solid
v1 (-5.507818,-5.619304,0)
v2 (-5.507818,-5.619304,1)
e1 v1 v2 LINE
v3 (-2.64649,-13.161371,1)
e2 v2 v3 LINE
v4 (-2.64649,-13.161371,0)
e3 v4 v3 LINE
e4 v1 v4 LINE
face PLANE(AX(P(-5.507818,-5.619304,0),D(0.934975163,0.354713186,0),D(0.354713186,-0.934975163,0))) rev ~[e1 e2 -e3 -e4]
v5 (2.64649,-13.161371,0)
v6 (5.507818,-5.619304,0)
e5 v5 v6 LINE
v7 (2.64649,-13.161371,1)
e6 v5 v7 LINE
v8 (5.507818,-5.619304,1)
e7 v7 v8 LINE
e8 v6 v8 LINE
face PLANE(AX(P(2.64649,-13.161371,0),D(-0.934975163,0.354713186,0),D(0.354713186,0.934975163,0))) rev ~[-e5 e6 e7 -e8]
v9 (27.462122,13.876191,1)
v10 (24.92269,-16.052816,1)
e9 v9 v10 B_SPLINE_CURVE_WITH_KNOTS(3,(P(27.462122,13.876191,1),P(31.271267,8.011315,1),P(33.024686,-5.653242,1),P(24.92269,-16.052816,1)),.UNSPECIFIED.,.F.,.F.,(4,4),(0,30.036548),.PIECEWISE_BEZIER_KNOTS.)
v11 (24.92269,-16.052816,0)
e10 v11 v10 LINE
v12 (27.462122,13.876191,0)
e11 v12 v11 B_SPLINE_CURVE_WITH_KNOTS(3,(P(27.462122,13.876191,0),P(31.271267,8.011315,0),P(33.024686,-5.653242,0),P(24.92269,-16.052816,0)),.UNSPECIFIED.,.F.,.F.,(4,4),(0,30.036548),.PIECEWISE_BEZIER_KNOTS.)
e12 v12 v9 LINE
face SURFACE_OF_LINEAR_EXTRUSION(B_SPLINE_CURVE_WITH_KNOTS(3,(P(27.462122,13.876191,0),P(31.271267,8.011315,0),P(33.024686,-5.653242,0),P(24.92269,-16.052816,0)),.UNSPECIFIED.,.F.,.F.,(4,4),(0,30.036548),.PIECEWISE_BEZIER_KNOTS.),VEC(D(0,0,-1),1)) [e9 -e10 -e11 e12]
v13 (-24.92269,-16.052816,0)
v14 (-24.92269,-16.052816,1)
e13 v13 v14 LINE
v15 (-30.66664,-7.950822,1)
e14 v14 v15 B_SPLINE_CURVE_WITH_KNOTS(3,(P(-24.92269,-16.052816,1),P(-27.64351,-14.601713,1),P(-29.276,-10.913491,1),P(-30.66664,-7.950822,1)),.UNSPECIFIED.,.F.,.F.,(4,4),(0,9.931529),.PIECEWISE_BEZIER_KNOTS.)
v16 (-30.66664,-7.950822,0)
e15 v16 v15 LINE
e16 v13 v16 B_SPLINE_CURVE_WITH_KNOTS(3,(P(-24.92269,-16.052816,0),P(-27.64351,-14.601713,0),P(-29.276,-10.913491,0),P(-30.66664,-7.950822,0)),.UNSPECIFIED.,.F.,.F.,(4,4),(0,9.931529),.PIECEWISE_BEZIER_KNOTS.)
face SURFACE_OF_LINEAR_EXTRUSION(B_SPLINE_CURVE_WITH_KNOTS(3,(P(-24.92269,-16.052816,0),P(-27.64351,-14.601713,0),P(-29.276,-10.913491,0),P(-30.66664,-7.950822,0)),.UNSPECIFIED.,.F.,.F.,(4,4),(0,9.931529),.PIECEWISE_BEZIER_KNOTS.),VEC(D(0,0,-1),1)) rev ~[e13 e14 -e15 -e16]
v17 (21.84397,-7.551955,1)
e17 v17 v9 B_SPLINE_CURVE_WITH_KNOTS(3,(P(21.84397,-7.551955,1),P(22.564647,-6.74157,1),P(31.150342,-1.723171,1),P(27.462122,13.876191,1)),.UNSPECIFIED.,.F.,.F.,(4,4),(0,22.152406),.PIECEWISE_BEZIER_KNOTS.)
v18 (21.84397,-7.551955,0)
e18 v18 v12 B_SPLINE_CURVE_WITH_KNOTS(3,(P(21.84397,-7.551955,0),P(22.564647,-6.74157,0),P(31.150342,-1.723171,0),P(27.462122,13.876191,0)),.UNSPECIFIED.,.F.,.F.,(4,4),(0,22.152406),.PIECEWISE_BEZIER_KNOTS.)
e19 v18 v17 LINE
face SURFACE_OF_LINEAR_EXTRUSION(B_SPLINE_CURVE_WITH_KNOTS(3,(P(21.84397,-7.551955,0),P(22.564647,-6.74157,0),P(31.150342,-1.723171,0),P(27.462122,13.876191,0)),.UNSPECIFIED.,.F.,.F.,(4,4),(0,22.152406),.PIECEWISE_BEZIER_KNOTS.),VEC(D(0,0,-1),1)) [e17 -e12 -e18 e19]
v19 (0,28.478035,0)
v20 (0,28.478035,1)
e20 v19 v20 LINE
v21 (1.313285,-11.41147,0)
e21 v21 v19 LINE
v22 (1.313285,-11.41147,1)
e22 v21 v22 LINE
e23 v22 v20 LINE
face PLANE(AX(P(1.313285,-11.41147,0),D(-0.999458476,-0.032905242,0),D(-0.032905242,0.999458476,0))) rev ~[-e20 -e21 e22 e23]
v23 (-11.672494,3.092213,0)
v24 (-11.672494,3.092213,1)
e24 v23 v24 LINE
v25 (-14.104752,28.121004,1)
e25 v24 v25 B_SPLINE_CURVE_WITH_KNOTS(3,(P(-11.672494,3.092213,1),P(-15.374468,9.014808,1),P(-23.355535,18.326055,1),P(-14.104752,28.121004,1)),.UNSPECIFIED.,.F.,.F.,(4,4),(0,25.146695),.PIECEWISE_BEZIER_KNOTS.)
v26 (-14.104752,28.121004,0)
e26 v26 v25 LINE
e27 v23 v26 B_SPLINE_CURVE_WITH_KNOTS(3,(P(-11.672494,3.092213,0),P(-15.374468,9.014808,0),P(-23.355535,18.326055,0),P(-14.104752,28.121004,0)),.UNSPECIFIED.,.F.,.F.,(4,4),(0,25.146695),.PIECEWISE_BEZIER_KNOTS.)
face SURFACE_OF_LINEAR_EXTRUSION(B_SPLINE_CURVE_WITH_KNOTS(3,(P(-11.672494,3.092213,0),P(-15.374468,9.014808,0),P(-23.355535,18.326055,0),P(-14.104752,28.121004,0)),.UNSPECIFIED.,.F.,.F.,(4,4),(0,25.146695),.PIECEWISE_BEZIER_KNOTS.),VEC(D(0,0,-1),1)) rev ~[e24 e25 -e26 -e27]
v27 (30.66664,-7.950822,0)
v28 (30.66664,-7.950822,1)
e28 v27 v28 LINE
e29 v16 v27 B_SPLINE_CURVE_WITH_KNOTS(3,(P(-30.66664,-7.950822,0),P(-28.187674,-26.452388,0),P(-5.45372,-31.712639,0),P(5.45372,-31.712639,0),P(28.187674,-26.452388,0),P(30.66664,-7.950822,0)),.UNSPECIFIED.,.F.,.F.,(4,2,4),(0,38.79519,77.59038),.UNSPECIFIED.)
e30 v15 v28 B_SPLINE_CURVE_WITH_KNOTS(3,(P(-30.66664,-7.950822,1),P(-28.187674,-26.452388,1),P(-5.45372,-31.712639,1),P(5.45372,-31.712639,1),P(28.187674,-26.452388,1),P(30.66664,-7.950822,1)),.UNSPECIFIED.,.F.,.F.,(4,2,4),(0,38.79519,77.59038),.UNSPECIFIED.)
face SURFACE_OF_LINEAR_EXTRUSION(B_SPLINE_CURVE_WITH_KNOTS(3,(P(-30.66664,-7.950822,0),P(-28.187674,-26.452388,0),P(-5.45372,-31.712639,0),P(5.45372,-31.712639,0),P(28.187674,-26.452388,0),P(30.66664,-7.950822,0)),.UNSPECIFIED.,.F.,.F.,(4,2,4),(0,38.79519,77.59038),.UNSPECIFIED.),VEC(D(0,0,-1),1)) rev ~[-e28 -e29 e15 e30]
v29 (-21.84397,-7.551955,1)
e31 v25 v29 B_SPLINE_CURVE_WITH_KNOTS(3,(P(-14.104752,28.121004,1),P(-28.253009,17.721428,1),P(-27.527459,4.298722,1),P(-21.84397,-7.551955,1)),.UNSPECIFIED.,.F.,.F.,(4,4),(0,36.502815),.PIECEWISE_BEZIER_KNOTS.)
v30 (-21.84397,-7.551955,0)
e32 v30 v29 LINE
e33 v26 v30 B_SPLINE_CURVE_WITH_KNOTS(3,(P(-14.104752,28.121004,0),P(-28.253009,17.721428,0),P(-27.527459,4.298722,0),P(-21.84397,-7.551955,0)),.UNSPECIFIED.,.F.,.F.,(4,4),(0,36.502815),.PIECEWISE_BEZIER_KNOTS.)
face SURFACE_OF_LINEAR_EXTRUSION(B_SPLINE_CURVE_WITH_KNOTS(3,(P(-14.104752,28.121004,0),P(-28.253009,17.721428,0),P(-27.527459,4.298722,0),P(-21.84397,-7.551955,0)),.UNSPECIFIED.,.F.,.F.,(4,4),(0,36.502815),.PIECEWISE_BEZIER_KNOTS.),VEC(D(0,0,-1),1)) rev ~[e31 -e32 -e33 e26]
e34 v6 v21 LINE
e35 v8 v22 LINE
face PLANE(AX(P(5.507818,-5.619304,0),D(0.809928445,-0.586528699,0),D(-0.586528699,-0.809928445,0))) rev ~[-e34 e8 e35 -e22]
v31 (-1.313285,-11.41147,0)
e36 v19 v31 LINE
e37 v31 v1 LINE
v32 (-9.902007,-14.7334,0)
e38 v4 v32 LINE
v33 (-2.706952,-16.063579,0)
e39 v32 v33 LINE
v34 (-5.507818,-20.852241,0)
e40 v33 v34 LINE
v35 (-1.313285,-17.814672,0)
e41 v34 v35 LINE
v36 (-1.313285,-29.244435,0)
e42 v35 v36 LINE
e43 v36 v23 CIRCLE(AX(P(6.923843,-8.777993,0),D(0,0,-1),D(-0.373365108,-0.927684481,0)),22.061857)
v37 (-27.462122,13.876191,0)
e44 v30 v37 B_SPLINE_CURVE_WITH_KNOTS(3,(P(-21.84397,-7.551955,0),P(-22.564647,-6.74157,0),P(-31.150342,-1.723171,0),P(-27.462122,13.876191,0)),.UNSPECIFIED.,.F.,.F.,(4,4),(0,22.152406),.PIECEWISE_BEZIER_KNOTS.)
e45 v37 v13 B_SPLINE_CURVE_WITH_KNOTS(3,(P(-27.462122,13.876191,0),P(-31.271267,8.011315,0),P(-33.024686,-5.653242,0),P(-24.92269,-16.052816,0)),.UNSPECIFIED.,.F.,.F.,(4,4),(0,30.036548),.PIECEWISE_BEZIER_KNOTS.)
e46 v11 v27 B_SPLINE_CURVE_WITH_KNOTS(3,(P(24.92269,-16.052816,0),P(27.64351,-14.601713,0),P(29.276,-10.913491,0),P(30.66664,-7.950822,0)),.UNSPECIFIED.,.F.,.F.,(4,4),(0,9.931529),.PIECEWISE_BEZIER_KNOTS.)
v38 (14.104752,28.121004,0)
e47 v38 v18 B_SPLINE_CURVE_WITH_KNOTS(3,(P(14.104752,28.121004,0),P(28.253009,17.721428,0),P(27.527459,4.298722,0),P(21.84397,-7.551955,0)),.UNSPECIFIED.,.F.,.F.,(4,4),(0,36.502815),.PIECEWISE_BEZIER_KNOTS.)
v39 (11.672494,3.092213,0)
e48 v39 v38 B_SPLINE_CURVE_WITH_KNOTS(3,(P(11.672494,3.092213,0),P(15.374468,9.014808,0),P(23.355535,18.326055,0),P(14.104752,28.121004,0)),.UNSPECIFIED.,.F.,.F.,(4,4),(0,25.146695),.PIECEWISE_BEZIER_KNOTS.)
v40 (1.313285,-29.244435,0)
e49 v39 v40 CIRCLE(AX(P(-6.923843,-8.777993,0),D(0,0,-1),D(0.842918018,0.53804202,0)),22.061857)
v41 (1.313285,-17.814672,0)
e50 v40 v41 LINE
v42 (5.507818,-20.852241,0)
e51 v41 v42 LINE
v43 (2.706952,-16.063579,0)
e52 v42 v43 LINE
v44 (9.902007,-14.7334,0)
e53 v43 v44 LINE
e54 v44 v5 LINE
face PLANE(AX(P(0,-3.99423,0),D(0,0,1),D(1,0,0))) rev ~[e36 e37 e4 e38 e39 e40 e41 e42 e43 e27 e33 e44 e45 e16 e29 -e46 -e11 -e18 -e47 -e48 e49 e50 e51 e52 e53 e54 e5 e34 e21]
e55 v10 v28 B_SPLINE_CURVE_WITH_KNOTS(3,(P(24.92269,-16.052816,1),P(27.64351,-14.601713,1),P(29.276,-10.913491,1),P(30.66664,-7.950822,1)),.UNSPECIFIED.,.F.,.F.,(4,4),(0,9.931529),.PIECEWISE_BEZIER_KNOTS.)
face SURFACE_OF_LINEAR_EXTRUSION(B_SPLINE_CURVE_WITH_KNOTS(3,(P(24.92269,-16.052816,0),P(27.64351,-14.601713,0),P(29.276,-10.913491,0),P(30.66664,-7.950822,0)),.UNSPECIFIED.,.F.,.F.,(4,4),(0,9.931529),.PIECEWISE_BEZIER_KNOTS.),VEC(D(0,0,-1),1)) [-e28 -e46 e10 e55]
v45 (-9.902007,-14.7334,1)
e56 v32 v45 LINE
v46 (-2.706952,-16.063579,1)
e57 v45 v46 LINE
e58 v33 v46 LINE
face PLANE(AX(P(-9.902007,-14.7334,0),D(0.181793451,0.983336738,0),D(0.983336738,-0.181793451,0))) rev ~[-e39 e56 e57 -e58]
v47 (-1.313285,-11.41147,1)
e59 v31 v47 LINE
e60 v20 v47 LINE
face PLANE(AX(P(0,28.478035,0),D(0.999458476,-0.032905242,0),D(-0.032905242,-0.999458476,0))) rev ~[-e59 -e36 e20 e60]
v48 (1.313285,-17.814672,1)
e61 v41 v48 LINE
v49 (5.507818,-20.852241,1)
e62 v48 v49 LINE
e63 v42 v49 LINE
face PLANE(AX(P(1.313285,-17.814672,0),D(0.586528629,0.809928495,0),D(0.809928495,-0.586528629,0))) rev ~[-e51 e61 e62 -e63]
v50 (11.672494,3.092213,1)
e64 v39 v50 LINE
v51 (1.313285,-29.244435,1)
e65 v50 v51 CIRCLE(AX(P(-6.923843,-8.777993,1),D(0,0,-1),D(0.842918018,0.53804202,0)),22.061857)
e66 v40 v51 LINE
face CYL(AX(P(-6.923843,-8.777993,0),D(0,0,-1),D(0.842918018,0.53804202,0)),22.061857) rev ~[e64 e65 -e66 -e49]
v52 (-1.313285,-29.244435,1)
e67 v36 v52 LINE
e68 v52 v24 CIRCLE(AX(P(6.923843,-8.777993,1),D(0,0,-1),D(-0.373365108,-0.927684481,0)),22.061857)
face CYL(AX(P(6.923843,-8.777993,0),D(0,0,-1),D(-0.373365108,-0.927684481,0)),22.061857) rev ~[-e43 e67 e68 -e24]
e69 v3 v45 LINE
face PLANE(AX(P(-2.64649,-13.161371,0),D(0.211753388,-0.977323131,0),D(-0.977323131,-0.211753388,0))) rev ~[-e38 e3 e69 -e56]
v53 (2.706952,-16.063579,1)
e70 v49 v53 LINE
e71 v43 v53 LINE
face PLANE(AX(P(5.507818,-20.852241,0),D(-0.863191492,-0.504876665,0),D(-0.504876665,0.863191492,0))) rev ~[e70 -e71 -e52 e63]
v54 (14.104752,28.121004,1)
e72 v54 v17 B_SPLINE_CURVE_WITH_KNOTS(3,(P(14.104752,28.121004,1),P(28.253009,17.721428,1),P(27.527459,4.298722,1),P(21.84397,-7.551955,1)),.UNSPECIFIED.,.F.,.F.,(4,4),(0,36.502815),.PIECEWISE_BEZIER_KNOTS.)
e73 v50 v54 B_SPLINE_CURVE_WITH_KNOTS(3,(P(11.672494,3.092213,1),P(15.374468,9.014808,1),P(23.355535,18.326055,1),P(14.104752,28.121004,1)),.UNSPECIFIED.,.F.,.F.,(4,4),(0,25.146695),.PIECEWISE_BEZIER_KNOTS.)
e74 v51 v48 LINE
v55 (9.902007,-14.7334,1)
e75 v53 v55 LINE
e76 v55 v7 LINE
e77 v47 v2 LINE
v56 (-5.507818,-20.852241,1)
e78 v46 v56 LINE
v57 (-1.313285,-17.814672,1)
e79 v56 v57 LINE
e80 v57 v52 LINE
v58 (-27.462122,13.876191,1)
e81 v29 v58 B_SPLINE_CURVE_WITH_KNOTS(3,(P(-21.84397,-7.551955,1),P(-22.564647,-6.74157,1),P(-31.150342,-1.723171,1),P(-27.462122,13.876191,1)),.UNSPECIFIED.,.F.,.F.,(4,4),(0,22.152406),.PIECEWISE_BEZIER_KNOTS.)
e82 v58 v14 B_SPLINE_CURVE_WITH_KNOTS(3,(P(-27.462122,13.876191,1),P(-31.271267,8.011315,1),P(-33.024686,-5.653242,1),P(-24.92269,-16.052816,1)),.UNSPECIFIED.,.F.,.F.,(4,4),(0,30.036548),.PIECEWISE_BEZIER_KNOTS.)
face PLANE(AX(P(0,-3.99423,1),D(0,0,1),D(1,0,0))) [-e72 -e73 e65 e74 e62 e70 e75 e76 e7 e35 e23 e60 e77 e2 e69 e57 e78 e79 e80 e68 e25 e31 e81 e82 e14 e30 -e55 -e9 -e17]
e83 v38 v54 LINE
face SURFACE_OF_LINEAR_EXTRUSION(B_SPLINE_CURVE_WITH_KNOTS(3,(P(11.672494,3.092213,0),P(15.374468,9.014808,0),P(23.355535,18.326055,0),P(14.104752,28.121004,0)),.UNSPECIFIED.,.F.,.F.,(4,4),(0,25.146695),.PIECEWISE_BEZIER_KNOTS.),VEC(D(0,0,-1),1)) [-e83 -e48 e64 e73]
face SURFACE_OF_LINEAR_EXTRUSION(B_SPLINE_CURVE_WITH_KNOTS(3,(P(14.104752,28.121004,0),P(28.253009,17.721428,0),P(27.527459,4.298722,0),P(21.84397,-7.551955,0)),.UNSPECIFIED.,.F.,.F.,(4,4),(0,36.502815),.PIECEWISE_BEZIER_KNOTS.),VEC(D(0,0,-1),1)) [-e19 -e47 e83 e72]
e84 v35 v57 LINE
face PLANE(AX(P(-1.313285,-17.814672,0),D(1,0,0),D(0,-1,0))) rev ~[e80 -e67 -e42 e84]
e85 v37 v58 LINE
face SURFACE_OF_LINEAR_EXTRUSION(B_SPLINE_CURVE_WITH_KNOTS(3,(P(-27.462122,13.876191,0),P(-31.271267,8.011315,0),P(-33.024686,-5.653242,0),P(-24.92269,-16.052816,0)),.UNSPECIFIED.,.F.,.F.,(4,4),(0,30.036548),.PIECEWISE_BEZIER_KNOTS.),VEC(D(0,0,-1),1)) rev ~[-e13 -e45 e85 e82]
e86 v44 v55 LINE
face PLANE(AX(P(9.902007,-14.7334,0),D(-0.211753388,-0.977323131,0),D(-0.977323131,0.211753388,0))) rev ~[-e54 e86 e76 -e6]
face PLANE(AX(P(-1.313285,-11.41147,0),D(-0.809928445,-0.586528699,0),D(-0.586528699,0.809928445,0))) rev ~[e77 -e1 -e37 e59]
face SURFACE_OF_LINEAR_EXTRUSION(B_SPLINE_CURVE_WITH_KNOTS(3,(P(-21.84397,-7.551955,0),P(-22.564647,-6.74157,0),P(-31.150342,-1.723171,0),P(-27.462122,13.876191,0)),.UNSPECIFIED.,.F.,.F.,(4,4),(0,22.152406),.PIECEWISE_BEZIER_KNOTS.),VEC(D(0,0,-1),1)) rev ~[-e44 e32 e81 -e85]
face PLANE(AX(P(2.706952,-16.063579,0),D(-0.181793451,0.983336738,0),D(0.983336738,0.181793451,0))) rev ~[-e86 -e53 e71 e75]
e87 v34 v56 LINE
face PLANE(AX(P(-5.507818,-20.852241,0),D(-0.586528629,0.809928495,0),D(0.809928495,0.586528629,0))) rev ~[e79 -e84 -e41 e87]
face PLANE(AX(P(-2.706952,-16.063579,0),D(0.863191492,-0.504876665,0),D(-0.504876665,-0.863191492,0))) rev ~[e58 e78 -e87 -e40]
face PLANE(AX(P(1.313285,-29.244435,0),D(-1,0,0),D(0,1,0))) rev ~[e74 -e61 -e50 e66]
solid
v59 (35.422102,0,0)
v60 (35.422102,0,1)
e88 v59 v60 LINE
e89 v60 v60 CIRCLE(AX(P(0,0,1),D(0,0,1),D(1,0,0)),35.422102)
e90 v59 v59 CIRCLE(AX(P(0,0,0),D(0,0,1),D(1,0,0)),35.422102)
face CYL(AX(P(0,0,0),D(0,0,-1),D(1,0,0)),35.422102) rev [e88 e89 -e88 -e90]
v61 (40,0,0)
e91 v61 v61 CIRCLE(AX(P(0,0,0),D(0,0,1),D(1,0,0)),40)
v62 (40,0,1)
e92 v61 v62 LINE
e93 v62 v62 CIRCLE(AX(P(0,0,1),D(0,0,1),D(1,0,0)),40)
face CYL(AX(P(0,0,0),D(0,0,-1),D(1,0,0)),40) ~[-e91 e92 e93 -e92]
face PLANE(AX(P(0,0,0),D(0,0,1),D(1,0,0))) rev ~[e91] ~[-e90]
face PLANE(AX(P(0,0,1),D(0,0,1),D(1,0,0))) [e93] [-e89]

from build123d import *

# Parameters (mm, degrees)
F0_R     = 40
F0_R_2   = 35.422102
F1_DEPTH = 1


with BuildPart() as f1:
    # F0 (on Top) → F1 (new body)
    with BuildSketch(Plane.XY):
        Circle(F0_R)
        Circle(F0_R_2, mode=Mode.SUBTRACT)
        with BuildLine():
            Line((1.313285, -11.41147), (0, 28.478035))
            Line((0, 28.478035), (-1.313285, -11.41147))
            Line((-1.313285, -11.41147), (-5.507818, -5.619304))
            Line((-5.507818, -5.619304), (-2.64649, -13.161371))
            Line((-2.64649, -13.161371), (-9.902007, -14.7334))
            Line((-9.902007, -14.7334), (-2.706952, -16.063579))
            Line((-2.706952, -16.063579), (-5.507818, -20.852241))
            Line((-5.507818, -20.852241), (-1.313285, -17.814672))
            Line((-1.313285, -17.814672), (-1.313285, -29.244435))
            ThreePointArc((-1.313285, -29.244435), (-14.086236, -15.508678), (-11.672494, 3.092213))
            add(Edge.make_bspline(
                [(-11.672494, 3.092213), (-15.374468, 9.014808), (-23.355535, 18.326055), (-14.104752, 28.121004)],
                knots=[0, 0, 0, 0, 25.146695, 25.146695, 25.146695, 25.146695], degree=3))
            add(Edge.make_bspline(
                [(-14.104752, 28.121004), (-28.253009, 17.721428), (-27.527459, 4.298722), (-21.84397, -7.551955)],
                knots=[0, 0, 0, 0, 36.502815, 36.502815, 36.502815, 36.502815], degree=3))
            add(Edge.make_bspline(
                [(-21.84397, -7.551955), (-22.564647, -6.74157), (-31.150342, -1.723171), (-27.462122, 13.876191)],
                knots=[0, 0, 0, 0, 22.152406, 22.152406, 22.152406, 22.152406], degree=3))
            add(Edge.make_bspline(
                [(-27.462122, 13.876191), (-31.271267, 8.011315), (-33.024686, -5.653242), (-24.92269, -16.052816)],
                knots=[0, 0, 0, 0, 30.036548, 30.036548, 30.036548, 30.036548], degree=3))
            add(Edge.make_bspline(
                [(-24.92269, -16.052816), (-27.64351, -14.601713), (-29.276, -10.913491), (-30.66664, -7.950822)],
                knots=[0, 0, 0, 0, 9.931529, 9.931529, 9.931529, 9.931529], degree=3))
            add(Edge.make_bspline(
                [(-30.66664, -7.950822), (-28.187674, -26.452388), (-5.45372, -31.712639), (0, -31.712639)],
                knots=[0, 0, 0, 0, 38.79519, 38.79519, 38.79519, 38.79519], degree=3))
            add(Edge.make_bspline(
                [(30.66664, -7.950822), (28.187674, -26.452388), (5.45372, -31.712639), (0, -31.712639)],
                knots=[0, 0, 0, 0, 38.79519, 38.79519, 38.79519, 38.79519], degree=3))
            add(Edge.make_bspline(
                [(24.92269, -16.052816), (27.64351, -14.601713), (29.276, -10.913491), (30.66664, -7.950822)],
                knots=[0, 0, 0, 0, 9.931529, 9.931529, 9.931529, 9.931529], degree=3))
            add(Edge.make_bspline(
                [(27.462122, 13.876191), (31.271267, 8.011315), (33.024686, -5.653242), (24.92269, -16.052816)],
                knots=[0, 0, 0, 0, 30.036548, 30.036548, 30.036548, 30.036548], degree=3))
            add(Edge.make_bspline(
                [(21.84397, -7.551955), (22.564647, -6.74157), (31.150342, -1.723171), (27.462122, 13.876191)],
                knots=[0, 0, 0, 0, 22.152406, 22.152406, 22.152406, 22.152406], degree=3))
            add(Edge.make_bspline(
                [(14.104752, 28.121004), (28.253009, 17.721428), (27.527459, 4.298722), (21.84397, -7.551955)],
                knots=[0, 0, 0, 0, 36.502815, 36.502815, 36.502815, 36.502815], degree=3))
            add(Edge.make_bspline(
                [(11.672494, 3.092213), (15.374468, 9.014808), (23.355535, 18.326055), (14.104752, 28.121004)],
                knots=[0, 0, 0, 0, 25.146695, 25.146695, 25.146695, 25.146695], degree=3))
            ThreePointArc((11.672494, 3.092213), (14.086236, -15.508678), (1.313285, -29.244435))
            Line((1.313285, -29.244435), (1.313285, -17.814672))
            Line((1.313285, -17.814672), (5.507818, -20.852241))
            Line((5.507818, -20.852241), (2.706952, -16.063579))
            Line((2.706952, -16.063579), (9.902007, -14.7334))
            Line((9.902007, -14.7334), (2.64649, -13.161371))
            Line((2.64649, -13.161371), (5.507818, -5.619304))
            Line((5.507818, -5.619304), (1.313285, -11.41147))
        make_face()
    extrude(amount=F1_DEPTH)


solid = f1.part
